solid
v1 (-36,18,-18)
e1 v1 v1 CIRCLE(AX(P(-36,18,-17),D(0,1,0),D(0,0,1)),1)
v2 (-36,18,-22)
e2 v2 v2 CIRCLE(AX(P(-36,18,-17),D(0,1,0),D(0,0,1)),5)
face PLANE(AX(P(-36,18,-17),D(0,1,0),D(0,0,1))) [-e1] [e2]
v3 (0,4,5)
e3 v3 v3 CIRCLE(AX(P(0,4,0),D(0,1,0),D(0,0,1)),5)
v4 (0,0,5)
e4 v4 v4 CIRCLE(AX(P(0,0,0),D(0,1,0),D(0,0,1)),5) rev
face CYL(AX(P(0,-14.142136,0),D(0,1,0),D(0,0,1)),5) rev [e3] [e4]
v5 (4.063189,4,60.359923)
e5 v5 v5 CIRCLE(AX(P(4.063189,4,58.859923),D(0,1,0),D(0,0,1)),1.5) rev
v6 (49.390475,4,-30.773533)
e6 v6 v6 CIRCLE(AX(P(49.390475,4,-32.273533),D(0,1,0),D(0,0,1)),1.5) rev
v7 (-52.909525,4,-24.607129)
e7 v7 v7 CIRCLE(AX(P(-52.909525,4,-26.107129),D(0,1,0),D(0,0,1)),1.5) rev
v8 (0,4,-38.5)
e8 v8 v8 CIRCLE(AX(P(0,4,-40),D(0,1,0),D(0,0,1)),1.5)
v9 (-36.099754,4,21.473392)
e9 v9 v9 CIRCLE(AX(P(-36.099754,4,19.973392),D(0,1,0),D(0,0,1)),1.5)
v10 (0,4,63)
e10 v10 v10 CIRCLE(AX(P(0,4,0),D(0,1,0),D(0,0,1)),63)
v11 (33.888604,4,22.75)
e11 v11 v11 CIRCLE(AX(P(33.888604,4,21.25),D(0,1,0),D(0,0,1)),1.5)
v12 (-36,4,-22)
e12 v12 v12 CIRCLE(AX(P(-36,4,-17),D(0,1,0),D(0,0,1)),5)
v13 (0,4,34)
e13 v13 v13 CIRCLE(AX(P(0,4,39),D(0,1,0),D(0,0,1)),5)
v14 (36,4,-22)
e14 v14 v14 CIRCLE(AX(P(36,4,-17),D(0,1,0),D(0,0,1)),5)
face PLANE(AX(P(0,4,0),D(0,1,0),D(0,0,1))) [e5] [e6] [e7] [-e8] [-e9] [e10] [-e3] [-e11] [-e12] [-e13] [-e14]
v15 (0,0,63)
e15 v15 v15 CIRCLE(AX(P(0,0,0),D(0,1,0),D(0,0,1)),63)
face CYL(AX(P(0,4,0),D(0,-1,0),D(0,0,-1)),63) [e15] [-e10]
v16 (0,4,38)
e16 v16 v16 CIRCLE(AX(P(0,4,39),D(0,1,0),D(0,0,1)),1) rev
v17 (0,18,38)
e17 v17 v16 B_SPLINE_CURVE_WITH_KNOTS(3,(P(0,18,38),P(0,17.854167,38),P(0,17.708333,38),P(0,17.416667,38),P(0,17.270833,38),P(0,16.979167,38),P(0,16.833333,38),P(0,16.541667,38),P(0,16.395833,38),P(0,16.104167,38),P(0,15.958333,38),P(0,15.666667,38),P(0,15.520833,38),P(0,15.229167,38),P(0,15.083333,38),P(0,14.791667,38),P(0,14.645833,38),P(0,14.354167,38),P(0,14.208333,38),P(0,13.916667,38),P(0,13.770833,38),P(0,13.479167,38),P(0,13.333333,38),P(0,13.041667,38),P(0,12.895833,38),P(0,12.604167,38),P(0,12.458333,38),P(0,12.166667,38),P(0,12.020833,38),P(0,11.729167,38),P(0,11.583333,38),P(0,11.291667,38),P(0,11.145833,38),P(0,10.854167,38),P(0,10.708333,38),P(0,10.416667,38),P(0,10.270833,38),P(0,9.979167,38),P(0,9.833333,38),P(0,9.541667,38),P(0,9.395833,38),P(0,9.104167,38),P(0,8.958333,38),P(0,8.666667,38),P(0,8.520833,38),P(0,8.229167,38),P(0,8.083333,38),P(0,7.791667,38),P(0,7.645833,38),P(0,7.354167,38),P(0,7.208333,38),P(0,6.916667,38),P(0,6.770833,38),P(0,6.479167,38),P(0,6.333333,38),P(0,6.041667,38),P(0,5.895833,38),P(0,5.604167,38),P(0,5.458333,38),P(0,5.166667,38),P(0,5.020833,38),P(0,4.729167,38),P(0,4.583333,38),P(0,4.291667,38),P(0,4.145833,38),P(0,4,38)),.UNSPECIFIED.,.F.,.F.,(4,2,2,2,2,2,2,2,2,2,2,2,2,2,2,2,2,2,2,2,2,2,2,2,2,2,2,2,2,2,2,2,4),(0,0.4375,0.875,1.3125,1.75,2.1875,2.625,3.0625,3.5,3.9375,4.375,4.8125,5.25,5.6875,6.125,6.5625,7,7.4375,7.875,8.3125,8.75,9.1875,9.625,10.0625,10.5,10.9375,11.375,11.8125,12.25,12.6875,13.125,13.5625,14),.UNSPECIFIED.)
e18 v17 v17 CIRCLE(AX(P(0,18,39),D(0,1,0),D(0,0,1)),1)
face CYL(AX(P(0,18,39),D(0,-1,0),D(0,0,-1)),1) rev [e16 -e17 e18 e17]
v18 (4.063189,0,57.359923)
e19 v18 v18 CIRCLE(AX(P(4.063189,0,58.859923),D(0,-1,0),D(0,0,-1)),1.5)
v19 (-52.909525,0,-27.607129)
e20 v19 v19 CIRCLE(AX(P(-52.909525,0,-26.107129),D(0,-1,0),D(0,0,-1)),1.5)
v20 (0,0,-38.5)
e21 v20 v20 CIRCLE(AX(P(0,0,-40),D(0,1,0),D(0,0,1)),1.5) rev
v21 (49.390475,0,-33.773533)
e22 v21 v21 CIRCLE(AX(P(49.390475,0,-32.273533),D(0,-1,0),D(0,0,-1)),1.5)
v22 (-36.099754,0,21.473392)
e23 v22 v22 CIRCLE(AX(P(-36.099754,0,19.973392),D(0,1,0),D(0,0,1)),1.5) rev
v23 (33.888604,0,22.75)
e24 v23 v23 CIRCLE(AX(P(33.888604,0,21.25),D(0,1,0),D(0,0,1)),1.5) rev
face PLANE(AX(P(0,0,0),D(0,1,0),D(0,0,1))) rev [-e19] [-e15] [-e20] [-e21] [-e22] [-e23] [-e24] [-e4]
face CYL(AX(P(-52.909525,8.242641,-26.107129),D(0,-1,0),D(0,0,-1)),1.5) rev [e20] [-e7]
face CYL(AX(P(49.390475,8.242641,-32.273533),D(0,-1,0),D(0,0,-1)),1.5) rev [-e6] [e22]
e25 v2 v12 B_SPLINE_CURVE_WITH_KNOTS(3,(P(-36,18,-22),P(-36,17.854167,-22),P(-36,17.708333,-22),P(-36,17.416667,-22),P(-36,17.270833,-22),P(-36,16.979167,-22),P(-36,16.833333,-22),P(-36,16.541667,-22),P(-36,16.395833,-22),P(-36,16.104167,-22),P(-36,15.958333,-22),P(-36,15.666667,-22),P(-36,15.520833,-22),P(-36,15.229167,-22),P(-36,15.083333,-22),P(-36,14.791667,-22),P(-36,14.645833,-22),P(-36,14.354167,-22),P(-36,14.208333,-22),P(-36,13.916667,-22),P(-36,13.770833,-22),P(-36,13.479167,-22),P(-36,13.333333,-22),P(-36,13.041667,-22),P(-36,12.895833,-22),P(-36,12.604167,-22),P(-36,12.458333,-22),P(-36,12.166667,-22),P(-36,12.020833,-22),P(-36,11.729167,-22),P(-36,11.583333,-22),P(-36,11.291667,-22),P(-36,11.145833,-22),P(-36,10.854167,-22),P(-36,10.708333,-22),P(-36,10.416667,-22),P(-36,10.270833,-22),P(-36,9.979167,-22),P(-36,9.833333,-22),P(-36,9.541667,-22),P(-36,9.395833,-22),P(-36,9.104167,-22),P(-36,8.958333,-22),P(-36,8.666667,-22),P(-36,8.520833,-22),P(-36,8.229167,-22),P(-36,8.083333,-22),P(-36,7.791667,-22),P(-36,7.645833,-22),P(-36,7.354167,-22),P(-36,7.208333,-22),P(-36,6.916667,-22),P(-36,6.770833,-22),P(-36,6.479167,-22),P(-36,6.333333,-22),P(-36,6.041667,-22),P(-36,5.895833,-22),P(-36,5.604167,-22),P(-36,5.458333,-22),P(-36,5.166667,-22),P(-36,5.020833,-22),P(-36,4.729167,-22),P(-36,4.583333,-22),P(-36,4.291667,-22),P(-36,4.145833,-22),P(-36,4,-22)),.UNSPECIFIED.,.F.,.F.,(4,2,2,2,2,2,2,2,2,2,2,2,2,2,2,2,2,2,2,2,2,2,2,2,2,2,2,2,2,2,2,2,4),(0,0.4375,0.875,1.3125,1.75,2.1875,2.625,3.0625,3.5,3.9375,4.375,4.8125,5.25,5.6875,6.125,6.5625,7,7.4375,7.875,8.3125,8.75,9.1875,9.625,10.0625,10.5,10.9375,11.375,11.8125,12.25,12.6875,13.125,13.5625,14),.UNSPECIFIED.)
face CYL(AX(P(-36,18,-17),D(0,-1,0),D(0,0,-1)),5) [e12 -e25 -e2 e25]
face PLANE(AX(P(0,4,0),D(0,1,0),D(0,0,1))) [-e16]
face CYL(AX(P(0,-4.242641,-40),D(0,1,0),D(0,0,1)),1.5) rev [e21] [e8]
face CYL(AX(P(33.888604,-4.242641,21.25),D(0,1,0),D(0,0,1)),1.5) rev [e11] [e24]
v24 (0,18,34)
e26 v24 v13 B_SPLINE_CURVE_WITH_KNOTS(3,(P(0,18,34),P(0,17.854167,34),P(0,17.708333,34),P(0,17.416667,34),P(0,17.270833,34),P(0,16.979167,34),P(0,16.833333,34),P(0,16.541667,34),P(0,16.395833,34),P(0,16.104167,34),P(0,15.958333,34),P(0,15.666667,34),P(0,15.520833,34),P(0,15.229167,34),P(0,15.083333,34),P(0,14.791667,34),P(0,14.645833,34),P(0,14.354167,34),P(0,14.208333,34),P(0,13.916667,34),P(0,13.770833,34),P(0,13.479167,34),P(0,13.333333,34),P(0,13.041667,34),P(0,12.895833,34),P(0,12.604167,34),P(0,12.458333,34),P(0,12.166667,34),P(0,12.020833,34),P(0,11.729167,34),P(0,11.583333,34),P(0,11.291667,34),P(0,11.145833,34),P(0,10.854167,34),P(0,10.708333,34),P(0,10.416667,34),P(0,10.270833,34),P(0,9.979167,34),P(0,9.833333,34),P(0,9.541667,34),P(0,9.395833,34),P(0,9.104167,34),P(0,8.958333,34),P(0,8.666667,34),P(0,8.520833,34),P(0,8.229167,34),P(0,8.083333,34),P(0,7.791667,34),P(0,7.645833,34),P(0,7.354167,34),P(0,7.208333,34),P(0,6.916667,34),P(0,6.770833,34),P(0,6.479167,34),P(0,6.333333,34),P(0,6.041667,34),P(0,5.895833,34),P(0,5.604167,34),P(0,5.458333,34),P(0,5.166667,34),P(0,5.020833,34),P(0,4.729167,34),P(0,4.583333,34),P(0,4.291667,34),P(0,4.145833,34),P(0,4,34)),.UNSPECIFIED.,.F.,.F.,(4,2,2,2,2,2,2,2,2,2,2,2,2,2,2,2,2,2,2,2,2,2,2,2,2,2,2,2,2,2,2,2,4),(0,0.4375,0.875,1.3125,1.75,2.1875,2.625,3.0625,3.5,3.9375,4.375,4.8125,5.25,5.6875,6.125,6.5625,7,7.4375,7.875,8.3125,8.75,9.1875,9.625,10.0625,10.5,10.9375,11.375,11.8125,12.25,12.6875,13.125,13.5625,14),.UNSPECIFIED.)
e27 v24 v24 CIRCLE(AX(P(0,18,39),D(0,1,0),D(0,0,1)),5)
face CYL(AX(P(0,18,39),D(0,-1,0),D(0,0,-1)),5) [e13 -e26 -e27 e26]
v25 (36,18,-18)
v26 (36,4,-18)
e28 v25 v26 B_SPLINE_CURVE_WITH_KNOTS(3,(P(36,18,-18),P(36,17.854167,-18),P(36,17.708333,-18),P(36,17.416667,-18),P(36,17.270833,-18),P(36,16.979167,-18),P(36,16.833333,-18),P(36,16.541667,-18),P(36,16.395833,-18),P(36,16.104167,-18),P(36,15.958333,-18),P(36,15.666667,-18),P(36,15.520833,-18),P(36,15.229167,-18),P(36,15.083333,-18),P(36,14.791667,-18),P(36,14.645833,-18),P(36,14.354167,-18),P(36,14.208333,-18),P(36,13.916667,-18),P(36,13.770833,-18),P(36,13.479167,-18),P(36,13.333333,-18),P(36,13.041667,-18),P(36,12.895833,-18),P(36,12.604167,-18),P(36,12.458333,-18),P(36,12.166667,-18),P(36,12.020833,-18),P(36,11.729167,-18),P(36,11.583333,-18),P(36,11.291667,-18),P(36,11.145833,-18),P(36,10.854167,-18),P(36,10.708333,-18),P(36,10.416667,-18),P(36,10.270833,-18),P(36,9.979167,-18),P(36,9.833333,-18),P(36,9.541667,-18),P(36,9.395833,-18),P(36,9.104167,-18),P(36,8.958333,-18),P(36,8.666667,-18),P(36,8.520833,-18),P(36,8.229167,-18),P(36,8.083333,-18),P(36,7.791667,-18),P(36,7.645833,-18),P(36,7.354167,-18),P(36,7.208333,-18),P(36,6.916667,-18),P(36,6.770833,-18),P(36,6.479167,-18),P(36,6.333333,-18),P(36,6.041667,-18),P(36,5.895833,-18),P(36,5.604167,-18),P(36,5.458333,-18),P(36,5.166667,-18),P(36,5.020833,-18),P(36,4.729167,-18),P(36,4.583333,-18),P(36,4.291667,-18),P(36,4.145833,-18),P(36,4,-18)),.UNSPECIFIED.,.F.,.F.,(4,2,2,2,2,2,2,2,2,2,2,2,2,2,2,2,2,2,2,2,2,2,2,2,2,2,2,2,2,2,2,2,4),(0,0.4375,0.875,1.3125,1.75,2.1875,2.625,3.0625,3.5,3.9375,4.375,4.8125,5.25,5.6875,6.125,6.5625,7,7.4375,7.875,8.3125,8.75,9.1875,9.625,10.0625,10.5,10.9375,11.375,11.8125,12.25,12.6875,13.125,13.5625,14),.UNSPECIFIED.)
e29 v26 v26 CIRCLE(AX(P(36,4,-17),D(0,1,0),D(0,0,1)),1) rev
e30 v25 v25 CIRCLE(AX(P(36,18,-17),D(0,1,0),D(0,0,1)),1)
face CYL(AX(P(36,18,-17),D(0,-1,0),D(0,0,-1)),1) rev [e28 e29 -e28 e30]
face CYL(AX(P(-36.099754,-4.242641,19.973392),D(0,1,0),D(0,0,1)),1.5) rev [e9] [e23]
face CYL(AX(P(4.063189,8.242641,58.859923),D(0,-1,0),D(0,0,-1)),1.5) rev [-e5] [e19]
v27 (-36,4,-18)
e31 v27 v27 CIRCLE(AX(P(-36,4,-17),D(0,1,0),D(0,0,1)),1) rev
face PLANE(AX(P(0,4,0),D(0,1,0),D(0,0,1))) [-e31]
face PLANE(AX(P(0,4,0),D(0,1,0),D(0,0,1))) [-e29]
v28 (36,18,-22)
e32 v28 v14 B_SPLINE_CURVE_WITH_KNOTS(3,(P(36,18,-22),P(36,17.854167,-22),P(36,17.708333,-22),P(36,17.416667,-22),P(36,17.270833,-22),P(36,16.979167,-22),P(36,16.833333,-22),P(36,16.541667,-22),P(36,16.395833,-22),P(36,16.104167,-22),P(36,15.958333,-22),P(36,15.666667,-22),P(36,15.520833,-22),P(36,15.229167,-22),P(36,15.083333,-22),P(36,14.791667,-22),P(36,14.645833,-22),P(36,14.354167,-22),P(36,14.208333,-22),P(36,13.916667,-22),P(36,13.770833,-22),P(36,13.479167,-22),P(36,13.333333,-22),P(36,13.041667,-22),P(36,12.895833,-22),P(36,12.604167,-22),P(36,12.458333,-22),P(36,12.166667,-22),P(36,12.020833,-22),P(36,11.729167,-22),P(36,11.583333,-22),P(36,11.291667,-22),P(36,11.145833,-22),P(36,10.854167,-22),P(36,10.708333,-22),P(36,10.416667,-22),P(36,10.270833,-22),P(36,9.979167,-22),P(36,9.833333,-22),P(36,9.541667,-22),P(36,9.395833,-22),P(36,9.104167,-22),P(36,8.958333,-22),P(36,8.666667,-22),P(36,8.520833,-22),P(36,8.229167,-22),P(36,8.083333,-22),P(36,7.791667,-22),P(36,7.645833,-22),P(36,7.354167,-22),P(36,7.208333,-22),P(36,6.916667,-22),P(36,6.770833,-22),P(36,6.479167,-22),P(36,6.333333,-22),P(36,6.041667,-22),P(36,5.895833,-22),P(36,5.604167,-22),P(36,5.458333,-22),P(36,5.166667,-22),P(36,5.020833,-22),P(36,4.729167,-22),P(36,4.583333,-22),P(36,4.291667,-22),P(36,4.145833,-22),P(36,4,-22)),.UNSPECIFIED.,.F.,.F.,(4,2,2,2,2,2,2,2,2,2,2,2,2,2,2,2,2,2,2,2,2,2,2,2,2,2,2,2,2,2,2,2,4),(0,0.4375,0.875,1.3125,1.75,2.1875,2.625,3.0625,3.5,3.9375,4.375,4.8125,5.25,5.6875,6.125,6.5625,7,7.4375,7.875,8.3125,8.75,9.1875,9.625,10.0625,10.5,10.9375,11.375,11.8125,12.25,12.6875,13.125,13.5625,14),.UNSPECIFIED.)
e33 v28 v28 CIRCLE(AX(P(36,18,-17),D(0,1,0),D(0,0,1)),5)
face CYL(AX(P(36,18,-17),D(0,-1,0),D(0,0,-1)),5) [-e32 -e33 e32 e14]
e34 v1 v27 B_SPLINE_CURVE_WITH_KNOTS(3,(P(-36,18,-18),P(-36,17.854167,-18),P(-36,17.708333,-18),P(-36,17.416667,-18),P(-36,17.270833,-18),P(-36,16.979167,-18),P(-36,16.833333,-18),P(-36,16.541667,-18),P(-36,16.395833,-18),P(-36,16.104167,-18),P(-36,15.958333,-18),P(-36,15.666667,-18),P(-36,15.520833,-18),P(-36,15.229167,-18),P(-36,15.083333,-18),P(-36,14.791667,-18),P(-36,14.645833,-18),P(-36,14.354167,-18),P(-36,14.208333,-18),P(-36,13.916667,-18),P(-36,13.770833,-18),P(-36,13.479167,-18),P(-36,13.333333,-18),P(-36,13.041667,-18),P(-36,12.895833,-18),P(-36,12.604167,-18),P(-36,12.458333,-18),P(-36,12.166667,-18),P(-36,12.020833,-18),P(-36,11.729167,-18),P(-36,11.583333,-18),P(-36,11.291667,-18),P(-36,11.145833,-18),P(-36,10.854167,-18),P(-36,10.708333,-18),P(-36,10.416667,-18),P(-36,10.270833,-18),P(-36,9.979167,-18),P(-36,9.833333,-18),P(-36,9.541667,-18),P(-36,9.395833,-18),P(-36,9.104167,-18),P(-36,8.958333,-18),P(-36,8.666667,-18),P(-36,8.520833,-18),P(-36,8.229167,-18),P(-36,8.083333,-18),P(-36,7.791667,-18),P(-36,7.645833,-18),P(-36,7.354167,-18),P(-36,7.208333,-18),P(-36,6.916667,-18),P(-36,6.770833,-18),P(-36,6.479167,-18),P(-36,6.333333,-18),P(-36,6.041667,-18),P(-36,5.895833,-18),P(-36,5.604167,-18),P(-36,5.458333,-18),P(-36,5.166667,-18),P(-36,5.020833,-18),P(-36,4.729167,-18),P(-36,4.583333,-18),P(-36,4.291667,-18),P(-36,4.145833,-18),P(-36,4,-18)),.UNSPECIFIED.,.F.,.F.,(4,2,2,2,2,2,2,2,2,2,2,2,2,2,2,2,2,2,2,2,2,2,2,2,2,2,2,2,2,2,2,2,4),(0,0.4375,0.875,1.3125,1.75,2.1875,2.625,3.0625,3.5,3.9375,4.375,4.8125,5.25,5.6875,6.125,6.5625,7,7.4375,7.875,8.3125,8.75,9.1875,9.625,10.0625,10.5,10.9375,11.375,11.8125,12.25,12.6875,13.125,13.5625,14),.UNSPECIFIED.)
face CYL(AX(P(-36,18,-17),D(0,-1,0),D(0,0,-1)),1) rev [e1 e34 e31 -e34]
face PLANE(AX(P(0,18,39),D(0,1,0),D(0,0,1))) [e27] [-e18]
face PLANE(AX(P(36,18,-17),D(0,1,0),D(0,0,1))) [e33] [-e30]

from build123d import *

# Parameters (mm, degrees)
SKETCH2_R           = 63
BOSS_EXTRUDE2_DEPTH = 4
SKETCH3_R           = 5
CUT_EXTRUDE1_DEPTH  = 4
SKETCH4_R           = 5
SKETCH4_R_2         = 1
BOSS_EXTRUDE3_DEPTH = 14
SKETCH5_R           = 1.5
CUT_EXTRUDE3_DEPTH  = 4
SKETCH7_R           = 1.5
CUT_EXTRUDE6_DEPTH  = 4


with BuildPart() as part:
    # Sketch2 → Boss-Extrude2 (new body)
    with BuildSketch(Plane(origin=(0, 0, 0), x_dir=(1, 0, 0), z_dir=(0, 1, 0))):
        with Locations(Location((0, 0, 0), (0, 0, 270))):
            Circle(SKETCH2_R)
    extrude(amount=BOSS_EXTRUDE2_DEPTH)

    # Sketch3 → Cut-Extrude1 (cut)
    with BuildSketch(Plane(origin=(0, 4, 0), x_dir=(1, 0, 0), z_dir=(0, 1, 0))):
        with Locations(Location((0, 0, 0), (0, 0, 270))):
            Circle(SKETCH3_R)
    extrude(amount=-CUT_EXTRUDE1_DEPTH, mode=Mode.SUBTRACT)

    # Sketch4 → Boss-Extrude3 (add)
    # profile 1 of 3: a face of its own
    with BuildSketch(Plane(origin=(0, 4, 0), x_dir=(1, 0, 0), z_dir=(0, 1, 0))):
        with Locations(Location((-36, 17, 0), (0, 0, 90))):
            Circle(SKETCH4_R)
        with Locations(Location((-36, 17, 0), (0, 0, 90))):
            Circle(SKETCH4_R_2, mode=Mode.SUBTRACT)
    # profile 2 of 3: a face of its own
    with BuildSketch(Plane(origin=(0, 4, 0), x_dir=(1, 0, 0), z_dir=(0, 1, 0))):
        with Locations(Location((36, 17, 0), (0, 0, 90))):
            Circle(SKETCH4_R)
        with Locations(Location((36, 17, 0), (0, 0, 90))):
            Circle(SKETCH4_R_2, mode=Mode.SUBTRACT)
    # profile 3 of 3: a face of its own
    with BuildSketch(Plane(origin=(0, 4, 0), x_dir=(1, 0, 0), z_dir=(0, 1, 0))):
        with Locations(Location((0, -39, 0), (0, 0, 90))):
            Circle(SKETCH4_R)
        with Locations(Location((0, -39, 0), (0, 0, 90))):
            Circle(SKETCH4_R_2, mode=Mode.SUBTRACT)
    extrude(amount=BOSS_EXTRUDE3_DEPTH)

    # Sketch5 → Cut-Extrude3 (cut)
    with BuildSketch(Plane(origin=(0, 4, 0), x_dir=(1, 0, 0), z_dir=(0, 1, 0))):
        with Locations(Location((33.888604279, -21.25, 0), (0, 0, 270))):
            Circle(SKETCH5_R)
        with Locations(Location((-36.099753842, -19.973392205, 0), (0, 0, 270))):
            Circle(SKETCH5_R)
        with Locations(Location((0, 40, 0), (0, 0, 270))):
            Circle(SKETCH5_R)
    extrude(amount=-CUT_EXTRUDE3_DEPTH, mode=Mode.SUBTRACT)

    # Sketch7 → Cut-Extrude6 (cut)
    with BuildSketch(Plane.XZ):
        with Locations(Location((4.063188835, 58.859922668, 0), (0, 0, 270))):
            Circle(SKETCH7_R)
        with Locations(Location((-52.909524673, -26.107129273, 0), (0, 0, 270))):
            Circle(SKETCH7_R)
        with Locations(Location((49.390475327, -32.273533227, 0), (0, 0, 270))):
            Circle(SKETCH7_R)
    extrude(amount=-CUT_EXTRUDE6_DEPTH, mode=Mode.SUBTRACT)


solid = part.part
